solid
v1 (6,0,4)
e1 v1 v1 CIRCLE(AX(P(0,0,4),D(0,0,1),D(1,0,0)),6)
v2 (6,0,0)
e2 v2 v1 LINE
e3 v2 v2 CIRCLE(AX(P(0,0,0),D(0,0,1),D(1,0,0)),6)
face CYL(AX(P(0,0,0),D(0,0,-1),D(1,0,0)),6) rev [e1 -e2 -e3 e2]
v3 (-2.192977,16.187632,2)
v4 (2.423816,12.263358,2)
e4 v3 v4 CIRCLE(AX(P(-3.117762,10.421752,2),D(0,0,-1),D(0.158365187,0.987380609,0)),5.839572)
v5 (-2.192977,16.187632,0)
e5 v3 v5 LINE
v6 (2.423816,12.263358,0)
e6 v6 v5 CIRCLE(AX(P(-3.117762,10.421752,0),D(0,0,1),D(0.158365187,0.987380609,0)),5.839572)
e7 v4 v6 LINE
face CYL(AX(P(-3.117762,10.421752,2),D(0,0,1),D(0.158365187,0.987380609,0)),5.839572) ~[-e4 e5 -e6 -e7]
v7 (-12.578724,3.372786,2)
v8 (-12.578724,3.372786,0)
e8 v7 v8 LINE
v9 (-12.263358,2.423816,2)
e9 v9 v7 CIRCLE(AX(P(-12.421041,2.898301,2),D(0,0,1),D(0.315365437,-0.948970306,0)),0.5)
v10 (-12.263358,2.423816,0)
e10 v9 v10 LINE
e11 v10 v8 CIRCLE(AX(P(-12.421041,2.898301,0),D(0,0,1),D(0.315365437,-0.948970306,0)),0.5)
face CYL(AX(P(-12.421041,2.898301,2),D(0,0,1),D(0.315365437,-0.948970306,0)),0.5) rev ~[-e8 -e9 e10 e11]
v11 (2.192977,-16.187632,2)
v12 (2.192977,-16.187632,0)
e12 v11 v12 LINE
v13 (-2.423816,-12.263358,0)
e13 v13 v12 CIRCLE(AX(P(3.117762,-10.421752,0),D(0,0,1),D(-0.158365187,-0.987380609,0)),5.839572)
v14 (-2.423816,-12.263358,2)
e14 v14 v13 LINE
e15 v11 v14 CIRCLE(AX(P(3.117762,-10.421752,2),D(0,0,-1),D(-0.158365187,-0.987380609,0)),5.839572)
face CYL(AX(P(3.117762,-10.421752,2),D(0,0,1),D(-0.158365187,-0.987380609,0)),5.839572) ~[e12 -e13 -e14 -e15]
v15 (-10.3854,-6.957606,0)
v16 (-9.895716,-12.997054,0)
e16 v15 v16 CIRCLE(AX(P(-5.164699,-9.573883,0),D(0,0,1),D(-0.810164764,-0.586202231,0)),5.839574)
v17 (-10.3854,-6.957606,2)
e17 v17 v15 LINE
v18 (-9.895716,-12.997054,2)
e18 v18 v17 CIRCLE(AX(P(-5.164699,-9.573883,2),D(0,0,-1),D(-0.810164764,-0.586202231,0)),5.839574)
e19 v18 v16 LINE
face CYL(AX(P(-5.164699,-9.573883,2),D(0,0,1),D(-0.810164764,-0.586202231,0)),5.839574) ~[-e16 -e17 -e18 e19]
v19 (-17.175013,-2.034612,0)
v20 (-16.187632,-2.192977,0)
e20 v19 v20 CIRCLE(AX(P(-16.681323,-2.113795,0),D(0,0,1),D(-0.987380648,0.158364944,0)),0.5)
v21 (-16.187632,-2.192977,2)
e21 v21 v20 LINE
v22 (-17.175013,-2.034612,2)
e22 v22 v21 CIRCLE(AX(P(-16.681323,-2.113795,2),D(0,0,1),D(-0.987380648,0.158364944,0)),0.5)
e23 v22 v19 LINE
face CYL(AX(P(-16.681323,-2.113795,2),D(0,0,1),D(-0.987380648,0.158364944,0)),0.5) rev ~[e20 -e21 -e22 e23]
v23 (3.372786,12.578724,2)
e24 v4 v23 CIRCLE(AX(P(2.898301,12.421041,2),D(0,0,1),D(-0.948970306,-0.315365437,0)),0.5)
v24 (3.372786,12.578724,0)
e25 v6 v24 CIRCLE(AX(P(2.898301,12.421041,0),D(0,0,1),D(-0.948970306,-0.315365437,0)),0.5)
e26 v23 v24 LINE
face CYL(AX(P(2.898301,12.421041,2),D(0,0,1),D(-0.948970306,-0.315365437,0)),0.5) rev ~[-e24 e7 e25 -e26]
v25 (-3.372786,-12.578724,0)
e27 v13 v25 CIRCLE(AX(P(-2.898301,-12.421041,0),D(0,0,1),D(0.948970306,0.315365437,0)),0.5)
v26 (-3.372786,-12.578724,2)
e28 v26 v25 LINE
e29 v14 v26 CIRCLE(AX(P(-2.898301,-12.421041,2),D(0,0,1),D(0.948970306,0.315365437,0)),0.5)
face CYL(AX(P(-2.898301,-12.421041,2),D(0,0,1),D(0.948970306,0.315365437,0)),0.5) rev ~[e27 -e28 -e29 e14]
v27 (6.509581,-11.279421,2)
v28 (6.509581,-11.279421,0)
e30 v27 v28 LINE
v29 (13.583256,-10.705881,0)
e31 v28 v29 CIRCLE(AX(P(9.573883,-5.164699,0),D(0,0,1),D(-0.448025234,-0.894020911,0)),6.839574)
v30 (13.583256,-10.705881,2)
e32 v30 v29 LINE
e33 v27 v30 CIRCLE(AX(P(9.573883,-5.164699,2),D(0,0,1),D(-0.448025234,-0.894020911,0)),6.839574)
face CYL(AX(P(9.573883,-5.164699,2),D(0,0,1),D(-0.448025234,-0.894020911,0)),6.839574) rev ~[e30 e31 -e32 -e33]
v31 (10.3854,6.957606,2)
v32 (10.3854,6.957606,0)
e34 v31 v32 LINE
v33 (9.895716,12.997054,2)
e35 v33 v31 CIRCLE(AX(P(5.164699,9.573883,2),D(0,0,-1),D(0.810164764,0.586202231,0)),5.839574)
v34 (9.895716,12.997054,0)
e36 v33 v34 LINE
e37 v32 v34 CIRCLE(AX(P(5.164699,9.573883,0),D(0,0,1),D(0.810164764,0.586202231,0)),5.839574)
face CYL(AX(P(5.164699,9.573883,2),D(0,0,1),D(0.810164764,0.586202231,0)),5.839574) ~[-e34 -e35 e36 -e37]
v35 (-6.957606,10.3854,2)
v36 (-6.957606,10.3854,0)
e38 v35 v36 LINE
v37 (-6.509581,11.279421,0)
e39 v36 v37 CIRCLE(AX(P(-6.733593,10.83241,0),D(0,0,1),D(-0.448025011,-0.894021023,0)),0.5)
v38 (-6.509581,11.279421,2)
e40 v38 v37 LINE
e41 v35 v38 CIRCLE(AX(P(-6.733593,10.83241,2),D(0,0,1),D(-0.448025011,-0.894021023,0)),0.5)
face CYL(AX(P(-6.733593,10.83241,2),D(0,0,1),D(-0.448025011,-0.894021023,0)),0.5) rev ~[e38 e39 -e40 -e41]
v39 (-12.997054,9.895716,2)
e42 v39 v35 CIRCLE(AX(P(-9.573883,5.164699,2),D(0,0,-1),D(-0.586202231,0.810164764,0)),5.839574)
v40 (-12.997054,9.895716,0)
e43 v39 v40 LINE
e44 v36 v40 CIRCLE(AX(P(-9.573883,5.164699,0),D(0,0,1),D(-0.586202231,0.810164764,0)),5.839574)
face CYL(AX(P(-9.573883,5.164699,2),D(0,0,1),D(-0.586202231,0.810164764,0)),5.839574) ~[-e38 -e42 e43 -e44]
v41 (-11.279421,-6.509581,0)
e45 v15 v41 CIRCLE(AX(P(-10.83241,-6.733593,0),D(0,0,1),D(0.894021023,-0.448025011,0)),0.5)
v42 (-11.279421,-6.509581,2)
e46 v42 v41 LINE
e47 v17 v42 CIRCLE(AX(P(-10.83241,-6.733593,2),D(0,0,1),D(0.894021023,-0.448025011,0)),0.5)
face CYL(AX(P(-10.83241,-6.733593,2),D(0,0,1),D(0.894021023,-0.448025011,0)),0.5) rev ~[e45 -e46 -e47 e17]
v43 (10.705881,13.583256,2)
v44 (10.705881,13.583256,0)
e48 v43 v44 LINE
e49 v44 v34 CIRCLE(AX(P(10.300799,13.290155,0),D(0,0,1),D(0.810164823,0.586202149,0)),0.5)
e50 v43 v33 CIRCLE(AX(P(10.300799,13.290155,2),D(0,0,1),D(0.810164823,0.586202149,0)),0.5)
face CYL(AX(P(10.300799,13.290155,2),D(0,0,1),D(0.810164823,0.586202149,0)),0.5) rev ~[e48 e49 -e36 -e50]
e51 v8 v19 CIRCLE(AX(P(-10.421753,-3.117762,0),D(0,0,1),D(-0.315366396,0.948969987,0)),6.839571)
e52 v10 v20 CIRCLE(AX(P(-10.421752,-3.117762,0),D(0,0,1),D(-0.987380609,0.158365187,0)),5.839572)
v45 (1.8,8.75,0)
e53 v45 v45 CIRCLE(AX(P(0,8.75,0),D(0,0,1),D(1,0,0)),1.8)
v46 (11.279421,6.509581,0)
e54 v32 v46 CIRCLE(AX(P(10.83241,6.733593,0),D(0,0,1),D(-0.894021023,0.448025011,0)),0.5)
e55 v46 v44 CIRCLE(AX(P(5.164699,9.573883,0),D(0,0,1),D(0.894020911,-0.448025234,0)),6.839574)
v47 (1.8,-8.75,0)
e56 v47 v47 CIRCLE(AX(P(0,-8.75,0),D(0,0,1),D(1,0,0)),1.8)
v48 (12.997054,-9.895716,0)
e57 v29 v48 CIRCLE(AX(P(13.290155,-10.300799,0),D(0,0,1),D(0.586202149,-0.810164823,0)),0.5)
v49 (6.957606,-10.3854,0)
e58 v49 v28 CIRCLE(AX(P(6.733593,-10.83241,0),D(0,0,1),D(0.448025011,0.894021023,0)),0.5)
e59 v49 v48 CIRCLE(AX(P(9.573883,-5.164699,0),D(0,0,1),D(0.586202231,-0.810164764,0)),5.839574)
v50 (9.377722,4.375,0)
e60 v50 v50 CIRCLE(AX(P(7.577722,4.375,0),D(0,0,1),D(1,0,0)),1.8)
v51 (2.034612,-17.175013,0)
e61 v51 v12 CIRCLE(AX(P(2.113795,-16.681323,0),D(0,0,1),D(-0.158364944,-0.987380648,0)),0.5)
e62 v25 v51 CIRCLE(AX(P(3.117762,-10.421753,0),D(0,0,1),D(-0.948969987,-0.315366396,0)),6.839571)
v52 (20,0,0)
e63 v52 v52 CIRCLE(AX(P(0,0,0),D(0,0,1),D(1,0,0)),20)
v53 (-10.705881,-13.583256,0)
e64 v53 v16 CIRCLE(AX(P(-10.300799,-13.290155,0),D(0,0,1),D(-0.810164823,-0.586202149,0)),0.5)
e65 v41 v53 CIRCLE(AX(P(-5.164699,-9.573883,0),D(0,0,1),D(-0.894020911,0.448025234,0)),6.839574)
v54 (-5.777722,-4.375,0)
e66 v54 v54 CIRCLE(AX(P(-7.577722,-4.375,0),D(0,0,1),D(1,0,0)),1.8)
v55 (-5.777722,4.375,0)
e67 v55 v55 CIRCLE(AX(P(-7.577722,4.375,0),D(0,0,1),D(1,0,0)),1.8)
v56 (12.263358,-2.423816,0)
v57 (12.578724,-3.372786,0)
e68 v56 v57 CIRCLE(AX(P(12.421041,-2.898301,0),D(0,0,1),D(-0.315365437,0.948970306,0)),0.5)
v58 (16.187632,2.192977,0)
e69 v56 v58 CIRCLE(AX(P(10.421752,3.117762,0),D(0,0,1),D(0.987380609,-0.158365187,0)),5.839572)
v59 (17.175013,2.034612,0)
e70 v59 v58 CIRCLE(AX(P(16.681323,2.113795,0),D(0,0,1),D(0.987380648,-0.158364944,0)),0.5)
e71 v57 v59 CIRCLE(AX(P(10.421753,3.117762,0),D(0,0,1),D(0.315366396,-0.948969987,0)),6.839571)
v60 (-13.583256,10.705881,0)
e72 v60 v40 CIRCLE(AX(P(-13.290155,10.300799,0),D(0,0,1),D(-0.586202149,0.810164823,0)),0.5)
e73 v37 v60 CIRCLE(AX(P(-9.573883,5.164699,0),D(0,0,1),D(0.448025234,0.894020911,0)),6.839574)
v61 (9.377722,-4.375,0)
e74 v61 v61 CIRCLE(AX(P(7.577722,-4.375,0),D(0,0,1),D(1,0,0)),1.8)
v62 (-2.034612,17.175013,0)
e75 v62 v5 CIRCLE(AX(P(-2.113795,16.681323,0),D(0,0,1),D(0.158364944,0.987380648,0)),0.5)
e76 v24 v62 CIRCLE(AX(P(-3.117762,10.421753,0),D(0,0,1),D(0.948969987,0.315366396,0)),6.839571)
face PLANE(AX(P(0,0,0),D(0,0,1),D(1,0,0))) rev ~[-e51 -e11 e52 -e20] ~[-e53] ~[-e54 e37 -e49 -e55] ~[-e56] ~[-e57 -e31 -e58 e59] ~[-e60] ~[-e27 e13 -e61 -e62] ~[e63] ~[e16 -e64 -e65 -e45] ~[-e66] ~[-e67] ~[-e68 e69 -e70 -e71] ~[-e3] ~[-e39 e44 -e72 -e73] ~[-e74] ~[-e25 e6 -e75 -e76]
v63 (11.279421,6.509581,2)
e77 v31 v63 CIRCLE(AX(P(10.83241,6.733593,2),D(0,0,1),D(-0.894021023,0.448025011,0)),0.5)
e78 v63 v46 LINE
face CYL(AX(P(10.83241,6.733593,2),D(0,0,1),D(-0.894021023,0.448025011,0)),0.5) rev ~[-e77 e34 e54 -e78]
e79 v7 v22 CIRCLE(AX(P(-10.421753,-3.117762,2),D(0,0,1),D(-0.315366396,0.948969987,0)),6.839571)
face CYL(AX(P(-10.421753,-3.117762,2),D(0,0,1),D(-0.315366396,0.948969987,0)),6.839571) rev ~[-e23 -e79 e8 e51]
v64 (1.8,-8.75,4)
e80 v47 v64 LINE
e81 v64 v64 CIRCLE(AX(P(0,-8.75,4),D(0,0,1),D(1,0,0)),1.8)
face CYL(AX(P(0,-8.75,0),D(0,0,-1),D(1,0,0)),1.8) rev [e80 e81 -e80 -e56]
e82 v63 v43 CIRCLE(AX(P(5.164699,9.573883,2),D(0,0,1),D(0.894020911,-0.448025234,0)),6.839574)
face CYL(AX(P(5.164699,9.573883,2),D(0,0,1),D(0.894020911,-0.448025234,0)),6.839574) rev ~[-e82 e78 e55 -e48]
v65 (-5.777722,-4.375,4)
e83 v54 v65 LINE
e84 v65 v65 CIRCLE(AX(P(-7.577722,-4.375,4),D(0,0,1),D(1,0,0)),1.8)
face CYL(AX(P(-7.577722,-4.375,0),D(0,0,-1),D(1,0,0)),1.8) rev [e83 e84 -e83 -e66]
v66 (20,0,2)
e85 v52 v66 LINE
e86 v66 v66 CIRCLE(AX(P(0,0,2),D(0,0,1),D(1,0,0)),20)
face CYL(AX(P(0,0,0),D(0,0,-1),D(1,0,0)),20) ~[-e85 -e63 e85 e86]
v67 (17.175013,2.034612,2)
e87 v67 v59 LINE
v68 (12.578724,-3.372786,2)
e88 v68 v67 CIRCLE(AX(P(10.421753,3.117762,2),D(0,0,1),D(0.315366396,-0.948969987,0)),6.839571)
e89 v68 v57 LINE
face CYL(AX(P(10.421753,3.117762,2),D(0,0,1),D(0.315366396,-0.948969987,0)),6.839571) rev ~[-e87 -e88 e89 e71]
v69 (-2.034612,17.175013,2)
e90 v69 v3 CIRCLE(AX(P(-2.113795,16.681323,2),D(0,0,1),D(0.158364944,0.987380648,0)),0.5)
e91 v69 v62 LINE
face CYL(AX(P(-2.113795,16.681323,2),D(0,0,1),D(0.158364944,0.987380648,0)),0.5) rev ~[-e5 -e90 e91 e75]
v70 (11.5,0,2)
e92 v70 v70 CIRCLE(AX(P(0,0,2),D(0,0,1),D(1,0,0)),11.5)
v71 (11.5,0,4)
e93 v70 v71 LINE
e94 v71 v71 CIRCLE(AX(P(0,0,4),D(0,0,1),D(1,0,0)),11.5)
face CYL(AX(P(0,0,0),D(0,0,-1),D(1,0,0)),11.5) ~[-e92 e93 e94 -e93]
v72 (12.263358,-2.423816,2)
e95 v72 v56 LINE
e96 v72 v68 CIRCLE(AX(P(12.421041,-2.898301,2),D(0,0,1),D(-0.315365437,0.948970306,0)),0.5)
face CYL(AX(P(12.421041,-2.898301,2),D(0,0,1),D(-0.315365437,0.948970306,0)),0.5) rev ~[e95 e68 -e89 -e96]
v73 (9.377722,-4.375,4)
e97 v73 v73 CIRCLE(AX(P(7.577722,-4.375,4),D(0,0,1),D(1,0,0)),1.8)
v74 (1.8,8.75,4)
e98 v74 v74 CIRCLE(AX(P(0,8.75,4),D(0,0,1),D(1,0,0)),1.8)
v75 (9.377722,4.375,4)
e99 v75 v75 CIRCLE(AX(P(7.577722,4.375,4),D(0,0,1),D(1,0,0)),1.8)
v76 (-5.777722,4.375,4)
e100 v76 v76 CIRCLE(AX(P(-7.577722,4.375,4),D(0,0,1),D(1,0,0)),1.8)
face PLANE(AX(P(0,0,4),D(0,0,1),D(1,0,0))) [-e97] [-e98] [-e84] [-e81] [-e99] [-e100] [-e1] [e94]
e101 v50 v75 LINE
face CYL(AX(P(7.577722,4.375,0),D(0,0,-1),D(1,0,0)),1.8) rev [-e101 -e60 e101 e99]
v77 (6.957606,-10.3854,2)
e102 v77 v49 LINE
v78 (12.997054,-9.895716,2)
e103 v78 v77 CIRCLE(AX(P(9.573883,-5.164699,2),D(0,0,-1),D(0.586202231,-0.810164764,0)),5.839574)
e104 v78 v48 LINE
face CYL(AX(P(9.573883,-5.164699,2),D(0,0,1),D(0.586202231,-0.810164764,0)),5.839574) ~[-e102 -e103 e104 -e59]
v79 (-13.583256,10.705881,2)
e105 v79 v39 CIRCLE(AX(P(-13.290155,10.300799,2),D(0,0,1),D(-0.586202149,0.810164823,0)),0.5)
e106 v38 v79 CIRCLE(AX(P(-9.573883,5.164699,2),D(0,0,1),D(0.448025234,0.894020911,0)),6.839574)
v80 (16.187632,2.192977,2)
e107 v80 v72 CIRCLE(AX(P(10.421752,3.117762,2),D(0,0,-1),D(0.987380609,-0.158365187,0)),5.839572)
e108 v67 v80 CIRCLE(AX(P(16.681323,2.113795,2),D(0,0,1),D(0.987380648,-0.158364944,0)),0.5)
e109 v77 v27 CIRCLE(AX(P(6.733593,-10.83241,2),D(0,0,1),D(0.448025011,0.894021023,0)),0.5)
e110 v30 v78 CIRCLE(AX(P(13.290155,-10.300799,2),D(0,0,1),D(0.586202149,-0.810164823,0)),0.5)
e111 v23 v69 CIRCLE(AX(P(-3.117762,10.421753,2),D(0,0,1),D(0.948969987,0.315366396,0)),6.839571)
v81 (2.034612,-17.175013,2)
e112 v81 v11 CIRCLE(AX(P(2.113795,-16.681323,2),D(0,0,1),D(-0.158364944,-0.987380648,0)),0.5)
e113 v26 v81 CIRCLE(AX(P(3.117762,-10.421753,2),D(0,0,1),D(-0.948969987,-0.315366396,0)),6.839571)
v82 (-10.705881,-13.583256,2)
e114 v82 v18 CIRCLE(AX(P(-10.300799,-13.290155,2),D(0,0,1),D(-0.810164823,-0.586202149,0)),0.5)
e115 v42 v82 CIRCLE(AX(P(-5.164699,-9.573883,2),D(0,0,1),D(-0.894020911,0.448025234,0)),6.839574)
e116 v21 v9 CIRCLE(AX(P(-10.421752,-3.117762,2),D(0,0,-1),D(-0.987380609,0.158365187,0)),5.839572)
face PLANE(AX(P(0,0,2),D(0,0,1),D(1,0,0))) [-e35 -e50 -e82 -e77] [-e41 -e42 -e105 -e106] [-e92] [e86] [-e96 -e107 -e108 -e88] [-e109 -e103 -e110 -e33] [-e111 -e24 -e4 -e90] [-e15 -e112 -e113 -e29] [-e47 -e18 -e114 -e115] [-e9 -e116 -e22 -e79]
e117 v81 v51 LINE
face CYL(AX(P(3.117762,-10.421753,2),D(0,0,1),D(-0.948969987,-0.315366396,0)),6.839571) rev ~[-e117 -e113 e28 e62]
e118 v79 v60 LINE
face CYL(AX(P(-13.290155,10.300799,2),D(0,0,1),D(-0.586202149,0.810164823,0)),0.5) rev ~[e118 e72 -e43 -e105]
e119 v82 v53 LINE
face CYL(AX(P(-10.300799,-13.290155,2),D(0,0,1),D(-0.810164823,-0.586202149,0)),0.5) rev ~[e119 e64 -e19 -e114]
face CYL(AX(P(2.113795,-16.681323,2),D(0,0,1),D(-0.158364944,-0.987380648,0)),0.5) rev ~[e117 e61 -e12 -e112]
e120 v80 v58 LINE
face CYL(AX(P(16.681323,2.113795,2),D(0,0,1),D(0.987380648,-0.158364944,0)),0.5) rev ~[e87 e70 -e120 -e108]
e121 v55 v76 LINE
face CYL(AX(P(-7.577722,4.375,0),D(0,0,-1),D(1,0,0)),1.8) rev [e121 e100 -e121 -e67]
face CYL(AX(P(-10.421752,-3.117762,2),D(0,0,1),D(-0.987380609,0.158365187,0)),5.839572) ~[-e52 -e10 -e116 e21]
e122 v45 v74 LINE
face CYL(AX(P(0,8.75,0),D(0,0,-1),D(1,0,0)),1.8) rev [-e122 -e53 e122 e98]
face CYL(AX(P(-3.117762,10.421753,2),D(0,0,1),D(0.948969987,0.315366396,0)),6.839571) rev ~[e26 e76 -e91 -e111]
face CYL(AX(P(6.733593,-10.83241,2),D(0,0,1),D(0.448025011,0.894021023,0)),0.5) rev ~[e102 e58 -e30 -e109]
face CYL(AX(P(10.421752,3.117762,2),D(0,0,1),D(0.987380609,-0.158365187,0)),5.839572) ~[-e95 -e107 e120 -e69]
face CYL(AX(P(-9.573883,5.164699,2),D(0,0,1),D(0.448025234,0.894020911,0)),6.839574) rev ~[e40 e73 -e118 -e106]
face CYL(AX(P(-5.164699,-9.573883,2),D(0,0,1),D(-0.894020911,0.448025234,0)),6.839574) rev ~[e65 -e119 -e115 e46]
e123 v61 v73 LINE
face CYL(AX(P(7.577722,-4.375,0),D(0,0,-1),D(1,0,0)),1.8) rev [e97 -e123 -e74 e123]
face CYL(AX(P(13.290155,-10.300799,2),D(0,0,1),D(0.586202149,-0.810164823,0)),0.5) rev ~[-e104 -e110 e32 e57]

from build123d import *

# Parameters (mm, degrees)
F0_R     = 11.5
F0_R_2   = 1.8
F0_R_3   = 6
F1_DEPTH = 4
F0_R_4   = 20
F2_DEPTH = 2
F4_DEPTH = 2.001


with BuildPart() as f1:
    # F0 (on Top) → F1 (new body)
    with BuildSketch(Plane.XY):
        Circle(F0_R)
        with Locations((-7.577722, -4.375)):
            Circle(F0_R_2, mode=Mode.SUBTRACT)
        with Locations((0, -8.75)):
            Circle(F0_R_2, mode=Mode.SUBTRACT)
        with Locations((7.577722, -4.375)):
            Circle(F0_R_2, mode=Mode.SUBTRACT)
        with Locations((-7.577722, 4.375)):
            Circle(F0_R_2, mode=Mode.SUBTRACT)
        Circle(F0_R_3, mode=Mode.SUBTRACT)
        with Locations((7.577722, 4.375)):
            Circle(F0_R_2, mode=Mode.SUBTRACT)
        with Locations((0, 8.75)):
            Circle(F0_R_2, mode=Mode.SUBTRACT)
    extrude(amount=F1_DEPTH)

    # F0 (on Top) → F2 (join)
    with BuildSketch(Plane.XY):
        Circle(F0_R_4)
        Circle(F0_R, mode=Mode.SUBTRACT)
    extrude(amount=F2_DEPTH)

    # F3 (on face) → F4 (cut, through all)
    with BuildSketch(Plane.XY.offset(2)):
        with BuildLine():
            ThreePointArc((-2.192977, 16.187632), (0.664228, 14.871151), (2.423816, 12.263358))
            ThreePointArc((2.423816, 12.263358), (3.055985, 11.946556), (3.372786, 12.578724))
            ThreePointArc((3.372786, 12.578724), (1.311876, 15.633091), (-2.034612, 17.175013))
            ThreePointArc((-2.034612, 17.175013), (-2.607485, 16.760505), (-2.192977, 16.187632))
        make_face()
        with BuildLine():
            ThreePointArc((6.957606, -10.3854), (6.286583, -10.608398), (6.509581, -11.279421))
            ThreePointArc((6.509581, -11.279421), (10.126628, -11.981901), (13.583256, -10.705881))
            ThreePointArc((13.583256, -10.705881), (13.695237, -10.007697), (12.997054, -9.895716))
            ThreePointArc((12.997054, -9.895716), (10.045812, -10.985172), (6.957606, -10.3854))
        make_face()
        with BuildLine():
            ThreePointArc((-2.423816, -12.263358), (-3.055985, -11.946556), (-3.372786, -12.578724))
            ThreePointArc((-3.372786, -12.578724), (-1.311876, -15.633091), (2.034612, -17.175013))
            ThreePointArc((2.034612, -17.175013), (2.607485, -16.760505), (2.192977, -16.187632))
            ThreePointArc((2.192977, -16.187632), (-0.664228, -14.871151), (-2.423816, -12.263358))
        make_face()
        with BuildLine():
            ThreePointArc((-10.3854, -6.957606), (-10.608398, -6.286583), (-11.279421, -6.509581))
            ThreePointArc((-11.279421, -6.509581), (-11.981901, -10.126628), (-10.705881, -13.583256))
            ThreePointArc((-10.705881, -13.583256), (-10.007697, -13.695237), (-9.895716, -12.997054))
            ThreePointArc((-9.895716, -12.997054), (-10.985172, -10.045812), (-10.3854, -6.957606))
        make_face()
        with BuildLine():
            ThreePointArc((-12.263358, 2.423816), (-11.946556, 3.055985), (-12.578724, 3.372786))
            ThreePointArc((-12.578724, 3.372786), (-15.633091, 1.311876), (-17.175013, -2.034612))
            ThreePointArc((-17.175013, -2.034612), (-16.760505, -2.607485), (-16.187632, -2.192977))
            ThreePointArc((-16.187632, -2.192977), (-14.871151, 0.664228), (-12.263358, 2.423816))
        make_face()
        with BuildLine():
            ThreePointArc((-6.957606, 10.3854), (-6.286583, 10.608398), (-6.509581, 11.279421))
            ThreePointArc((-6.509581, 11.279421), (-10.126628, 11.981901), (-13.583256, 10.705881))
            ThreePointArc((-13.583256, 10.705881), (-13.695237, 10.007697), (-12.997054, 9.895716))
            ThreePointArc((-12.997054, 9.895716), (-10.045812, 10.985172), (-6.957606, 10.3854))
        make_face()
        with BuildLine():
            ThreePointArc((10.3854, 6.957606), (10.608398, 6.286583), (11.279421, 6.509581))
            ThreePointArc((11.279421, 6.509581), (11.981901, 10.126628), (10.705881, 13.583256))
            ThreePointArc((10.705881, 13.583256), (10.007697, 13.695237), (9.895716, 12.997054))
            ThreePointArc((9.895716, 12.997054), (10.985172, 10.045812), (10.3854, 6.957606))
        make_face()
        with BuildLine():
            ThreePointArc((12.263358, -2.423816), (11.946556, -3.055985), (12.578724, -3.372786))
            ThreePointArc((12.578724, -3.372786), (15.633091, -1.311876), (17.175013, 2.034612))
            ThreePointArc((17.175013, 2.034612), (16.760505, 2.607485), (16.187632, 2.192977))
            ThreePointArc((16.187632, 2.192977), (14.871151, -0.664228), (12.263358, -2.423816))
        make_face()
    extrude(amount=-F4_DEPTH, mode=Mode.SUBTRACT)


solid = f1.part
